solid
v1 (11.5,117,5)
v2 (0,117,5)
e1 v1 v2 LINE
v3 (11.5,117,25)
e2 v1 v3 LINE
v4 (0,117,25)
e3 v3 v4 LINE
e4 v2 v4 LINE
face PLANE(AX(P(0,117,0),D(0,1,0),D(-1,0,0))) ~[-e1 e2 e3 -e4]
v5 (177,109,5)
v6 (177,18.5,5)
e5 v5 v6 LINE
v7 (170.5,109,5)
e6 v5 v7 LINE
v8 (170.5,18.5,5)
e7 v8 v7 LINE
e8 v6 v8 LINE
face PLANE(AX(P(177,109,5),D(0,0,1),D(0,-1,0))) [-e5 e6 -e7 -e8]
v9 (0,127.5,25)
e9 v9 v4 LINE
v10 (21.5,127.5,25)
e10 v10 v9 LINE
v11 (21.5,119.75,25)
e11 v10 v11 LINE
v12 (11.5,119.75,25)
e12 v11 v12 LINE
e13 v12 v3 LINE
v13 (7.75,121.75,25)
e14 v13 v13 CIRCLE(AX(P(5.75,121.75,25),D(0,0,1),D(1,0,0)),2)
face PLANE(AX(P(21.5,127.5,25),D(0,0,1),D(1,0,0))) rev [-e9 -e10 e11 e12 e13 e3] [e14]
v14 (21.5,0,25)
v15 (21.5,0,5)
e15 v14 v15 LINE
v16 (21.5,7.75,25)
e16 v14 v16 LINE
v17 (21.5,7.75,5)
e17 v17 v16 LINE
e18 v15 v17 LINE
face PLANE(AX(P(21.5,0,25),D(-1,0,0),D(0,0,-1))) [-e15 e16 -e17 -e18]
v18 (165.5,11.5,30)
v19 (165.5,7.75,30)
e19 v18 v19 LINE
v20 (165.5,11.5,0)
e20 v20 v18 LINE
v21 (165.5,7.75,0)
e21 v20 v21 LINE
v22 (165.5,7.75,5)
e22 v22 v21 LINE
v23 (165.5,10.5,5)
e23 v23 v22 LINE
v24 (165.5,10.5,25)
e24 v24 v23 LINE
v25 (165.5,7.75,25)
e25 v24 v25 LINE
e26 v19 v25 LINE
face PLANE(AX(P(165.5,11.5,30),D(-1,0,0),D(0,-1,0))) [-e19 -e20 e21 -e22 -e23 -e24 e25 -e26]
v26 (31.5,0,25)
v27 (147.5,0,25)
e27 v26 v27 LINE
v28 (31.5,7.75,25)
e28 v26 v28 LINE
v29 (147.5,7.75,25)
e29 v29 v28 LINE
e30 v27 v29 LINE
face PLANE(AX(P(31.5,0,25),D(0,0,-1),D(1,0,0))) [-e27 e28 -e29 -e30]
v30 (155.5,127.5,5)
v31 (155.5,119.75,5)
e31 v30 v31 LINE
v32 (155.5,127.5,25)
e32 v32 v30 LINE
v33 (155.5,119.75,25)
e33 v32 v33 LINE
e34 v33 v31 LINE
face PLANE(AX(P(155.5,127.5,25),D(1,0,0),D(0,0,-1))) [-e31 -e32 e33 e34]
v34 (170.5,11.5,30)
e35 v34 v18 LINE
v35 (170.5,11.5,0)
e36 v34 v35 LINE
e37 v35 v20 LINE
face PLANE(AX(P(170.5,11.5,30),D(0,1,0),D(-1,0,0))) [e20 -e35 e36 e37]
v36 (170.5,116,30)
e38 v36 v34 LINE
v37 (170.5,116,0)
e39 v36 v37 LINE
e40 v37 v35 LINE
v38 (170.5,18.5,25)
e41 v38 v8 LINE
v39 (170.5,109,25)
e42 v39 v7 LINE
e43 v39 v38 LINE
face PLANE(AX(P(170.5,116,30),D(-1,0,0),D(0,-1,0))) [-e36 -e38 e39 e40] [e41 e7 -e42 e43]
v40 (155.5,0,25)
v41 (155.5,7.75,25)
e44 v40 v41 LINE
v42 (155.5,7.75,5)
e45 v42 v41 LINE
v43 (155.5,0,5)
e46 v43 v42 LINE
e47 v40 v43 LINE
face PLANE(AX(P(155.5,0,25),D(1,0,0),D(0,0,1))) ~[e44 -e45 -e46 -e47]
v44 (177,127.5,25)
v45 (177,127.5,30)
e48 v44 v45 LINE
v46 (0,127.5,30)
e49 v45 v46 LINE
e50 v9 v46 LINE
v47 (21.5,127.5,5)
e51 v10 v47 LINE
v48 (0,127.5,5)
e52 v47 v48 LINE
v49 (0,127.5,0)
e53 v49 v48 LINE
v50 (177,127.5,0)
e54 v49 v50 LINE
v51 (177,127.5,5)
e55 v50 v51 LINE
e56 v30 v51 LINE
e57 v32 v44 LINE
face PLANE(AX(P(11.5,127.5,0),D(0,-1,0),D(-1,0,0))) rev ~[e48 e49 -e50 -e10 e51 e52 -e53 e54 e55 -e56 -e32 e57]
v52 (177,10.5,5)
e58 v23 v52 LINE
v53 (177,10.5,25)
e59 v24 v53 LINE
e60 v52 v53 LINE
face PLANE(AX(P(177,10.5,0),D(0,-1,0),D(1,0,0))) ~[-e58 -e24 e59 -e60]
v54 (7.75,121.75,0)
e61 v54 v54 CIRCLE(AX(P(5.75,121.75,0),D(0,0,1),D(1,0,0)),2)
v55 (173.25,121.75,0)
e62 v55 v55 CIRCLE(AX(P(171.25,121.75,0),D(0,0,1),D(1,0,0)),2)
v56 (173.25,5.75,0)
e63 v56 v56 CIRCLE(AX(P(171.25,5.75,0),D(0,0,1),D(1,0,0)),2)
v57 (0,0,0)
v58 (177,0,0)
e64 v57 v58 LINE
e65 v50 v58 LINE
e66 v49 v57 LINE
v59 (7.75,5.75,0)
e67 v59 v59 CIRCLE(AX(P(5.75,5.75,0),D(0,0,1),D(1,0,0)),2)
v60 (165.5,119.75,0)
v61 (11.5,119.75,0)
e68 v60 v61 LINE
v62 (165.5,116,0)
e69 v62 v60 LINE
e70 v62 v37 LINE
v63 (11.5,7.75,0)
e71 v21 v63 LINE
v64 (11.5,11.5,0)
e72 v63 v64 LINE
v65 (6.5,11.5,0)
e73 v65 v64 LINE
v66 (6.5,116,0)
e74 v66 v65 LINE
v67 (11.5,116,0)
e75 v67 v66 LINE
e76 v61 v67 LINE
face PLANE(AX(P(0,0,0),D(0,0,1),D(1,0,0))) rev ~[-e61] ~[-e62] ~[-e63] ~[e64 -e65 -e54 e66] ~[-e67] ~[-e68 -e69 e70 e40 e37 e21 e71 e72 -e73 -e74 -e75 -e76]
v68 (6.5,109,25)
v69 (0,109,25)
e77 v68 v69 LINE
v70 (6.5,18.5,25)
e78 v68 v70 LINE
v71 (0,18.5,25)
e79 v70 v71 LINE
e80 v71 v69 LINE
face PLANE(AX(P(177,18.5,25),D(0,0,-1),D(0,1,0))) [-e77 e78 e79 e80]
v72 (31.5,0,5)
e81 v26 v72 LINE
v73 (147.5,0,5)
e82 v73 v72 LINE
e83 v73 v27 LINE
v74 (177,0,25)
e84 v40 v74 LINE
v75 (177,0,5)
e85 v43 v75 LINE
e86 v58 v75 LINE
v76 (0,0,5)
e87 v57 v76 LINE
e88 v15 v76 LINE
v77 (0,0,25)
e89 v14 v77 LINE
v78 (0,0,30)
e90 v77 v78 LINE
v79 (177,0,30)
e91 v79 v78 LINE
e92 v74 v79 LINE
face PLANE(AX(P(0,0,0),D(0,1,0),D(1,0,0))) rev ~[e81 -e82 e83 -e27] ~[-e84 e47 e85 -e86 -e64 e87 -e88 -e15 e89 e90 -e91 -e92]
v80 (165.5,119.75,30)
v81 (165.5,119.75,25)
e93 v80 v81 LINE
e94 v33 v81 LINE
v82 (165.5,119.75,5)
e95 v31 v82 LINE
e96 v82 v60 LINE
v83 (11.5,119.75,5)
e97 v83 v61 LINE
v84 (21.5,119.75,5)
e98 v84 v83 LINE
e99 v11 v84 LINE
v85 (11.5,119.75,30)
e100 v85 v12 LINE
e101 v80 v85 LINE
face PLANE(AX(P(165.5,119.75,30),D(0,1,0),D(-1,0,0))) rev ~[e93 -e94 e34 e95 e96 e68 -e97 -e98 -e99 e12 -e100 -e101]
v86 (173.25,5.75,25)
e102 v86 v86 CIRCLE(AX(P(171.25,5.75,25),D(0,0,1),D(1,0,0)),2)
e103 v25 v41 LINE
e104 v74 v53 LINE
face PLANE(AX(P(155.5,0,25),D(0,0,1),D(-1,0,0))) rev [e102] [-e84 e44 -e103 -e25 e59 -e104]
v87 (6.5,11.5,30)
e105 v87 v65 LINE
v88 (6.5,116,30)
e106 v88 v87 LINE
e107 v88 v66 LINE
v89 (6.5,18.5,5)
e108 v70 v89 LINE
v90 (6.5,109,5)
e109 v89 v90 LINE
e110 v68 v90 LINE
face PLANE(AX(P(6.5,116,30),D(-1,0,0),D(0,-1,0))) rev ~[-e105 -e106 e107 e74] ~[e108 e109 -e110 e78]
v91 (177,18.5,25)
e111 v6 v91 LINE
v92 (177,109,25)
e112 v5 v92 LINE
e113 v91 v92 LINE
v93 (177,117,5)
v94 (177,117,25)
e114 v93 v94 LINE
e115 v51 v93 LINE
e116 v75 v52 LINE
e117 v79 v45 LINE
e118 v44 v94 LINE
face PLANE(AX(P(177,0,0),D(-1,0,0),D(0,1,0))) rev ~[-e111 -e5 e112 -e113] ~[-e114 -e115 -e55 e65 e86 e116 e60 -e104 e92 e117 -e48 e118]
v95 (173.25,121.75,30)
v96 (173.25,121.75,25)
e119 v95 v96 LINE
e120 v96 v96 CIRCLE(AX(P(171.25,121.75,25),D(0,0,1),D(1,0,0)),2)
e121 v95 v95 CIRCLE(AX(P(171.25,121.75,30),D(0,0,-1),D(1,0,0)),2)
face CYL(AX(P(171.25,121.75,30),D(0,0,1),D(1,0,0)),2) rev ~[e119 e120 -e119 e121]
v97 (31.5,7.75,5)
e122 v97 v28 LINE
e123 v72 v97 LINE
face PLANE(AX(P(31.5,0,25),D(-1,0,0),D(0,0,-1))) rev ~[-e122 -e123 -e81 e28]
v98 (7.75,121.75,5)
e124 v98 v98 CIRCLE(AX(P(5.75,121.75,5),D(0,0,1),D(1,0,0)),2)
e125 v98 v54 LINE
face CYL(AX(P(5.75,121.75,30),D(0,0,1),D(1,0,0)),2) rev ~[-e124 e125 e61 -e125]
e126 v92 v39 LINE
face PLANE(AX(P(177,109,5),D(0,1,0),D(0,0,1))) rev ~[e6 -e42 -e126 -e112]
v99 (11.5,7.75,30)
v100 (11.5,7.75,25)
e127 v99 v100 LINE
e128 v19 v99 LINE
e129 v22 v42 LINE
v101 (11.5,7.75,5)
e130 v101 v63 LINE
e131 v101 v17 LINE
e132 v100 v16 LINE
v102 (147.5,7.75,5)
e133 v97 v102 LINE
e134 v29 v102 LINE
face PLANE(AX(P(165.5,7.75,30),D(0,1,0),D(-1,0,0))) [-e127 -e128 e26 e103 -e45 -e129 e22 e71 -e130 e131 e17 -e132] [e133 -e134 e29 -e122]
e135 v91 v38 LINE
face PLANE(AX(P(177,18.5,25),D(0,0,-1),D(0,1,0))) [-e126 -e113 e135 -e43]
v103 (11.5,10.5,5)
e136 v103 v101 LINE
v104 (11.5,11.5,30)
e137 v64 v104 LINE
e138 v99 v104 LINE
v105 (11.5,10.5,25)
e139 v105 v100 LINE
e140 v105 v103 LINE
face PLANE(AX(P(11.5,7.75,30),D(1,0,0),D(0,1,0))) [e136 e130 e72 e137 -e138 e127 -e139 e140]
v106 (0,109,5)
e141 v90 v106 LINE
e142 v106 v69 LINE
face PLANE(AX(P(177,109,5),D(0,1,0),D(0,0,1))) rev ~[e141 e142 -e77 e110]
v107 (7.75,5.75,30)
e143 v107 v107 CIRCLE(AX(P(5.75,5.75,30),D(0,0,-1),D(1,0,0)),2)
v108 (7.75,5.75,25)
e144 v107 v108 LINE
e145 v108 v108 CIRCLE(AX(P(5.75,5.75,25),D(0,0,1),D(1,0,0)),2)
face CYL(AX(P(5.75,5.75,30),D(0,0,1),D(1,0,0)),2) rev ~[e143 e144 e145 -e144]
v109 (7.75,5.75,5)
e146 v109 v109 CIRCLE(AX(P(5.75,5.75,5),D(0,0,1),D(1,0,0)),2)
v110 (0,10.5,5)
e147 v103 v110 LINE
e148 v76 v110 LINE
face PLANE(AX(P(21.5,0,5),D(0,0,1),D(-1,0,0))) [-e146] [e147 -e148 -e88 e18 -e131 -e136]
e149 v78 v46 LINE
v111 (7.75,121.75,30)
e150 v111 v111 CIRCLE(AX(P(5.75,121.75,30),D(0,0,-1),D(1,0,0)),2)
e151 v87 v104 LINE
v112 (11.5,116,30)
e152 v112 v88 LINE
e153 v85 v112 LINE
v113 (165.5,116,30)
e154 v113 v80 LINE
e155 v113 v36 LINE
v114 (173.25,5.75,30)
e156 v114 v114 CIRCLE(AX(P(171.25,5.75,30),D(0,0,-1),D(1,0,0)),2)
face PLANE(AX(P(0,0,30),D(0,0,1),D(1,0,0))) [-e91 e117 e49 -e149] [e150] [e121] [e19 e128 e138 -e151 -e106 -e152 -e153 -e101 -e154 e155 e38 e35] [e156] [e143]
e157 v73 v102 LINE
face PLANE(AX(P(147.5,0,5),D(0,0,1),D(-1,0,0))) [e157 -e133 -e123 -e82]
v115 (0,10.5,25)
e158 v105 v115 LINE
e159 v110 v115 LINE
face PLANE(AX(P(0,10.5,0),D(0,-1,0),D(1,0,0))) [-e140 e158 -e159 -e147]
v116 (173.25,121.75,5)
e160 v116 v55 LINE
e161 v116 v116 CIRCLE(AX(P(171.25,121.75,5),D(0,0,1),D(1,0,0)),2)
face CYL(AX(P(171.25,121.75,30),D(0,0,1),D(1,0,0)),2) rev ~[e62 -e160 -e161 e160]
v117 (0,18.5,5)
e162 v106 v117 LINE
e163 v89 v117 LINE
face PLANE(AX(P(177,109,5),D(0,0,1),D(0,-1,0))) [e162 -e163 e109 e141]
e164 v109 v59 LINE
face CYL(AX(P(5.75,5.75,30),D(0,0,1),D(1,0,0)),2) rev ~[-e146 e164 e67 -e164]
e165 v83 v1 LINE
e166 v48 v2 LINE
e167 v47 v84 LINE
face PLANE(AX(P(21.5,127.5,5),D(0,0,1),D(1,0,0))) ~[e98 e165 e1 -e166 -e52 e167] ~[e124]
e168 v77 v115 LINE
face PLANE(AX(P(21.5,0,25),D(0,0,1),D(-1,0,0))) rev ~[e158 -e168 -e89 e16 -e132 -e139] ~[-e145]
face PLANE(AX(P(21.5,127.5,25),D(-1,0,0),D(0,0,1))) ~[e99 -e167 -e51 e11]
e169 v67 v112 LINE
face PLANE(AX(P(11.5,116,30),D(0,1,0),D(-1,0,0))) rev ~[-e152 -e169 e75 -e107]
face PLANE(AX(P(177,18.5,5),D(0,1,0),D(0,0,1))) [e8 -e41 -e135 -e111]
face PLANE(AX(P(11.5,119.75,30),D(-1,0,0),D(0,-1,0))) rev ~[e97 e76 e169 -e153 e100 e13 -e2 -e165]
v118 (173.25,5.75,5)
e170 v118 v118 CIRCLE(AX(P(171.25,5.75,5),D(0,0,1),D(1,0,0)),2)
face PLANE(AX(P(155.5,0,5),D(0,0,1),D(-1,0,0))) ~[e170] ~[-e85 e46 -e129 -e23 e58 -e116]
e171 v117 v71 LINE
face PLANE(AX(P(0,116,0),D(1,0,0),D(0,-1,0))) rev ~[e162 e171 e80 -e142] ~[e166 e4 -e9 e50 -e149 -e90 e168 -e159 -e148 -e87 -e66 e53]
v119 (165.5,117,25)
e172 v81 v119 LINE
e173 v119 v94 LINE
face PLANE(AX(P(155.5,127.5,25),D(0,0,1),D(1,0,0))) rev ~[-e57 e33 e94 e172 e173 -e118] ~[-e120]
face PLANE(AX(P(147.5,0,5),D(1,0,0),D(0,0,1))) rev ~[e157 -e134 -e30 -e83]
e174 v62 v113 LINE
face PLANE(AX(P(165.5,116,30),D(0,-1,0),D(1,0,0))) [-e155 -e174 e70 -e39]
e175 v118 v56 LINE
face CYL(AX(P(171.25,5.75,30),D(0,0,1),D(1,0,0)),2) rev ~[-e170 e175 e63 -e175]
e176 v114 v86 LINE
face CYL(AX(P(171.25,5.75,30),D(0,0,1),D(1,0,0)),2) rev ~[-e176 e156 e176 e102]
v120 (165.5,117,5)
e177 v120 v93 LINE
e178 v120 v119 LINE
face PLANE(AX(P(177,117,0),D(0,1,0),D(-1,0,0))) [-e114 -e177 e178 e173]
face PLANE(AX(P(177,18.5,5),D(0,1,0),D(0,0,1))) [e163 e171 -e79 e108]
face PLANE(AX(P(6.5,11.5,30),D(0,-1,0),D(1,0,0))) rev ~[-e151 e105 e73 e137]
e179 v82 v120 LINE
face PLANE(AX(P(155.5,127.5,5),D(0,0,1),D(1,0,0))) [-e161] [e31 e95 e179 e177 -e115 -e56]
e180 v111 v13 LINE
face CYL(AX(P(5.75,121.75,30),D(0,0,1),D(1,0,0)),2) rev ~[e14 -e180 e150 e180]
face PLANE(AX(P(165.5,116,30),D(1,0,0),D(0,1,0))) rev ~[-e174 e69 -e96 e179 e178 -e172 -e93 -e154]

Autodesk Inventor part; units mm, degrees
ref_plane "YZ Plane" through (0, 0, 0) normal (1, 0, 0) x (0, 1, 0)
ref_plane "XZ Plane" through (0, 0, 0) normal (0, 1, 0) x (-1, 0, 0)
ref_plane "XY Plane" through (0, 0, 0) normal (0, 0, 1) x (1, 0, 0)
sketch "Boceto1" plane through (0, 0, 0) normal (0, 0, 1) x (1, 0, 0)
  line L0 (0, 0) -> (177, 0)
  line L1 (177, 0) -> (177, 127.5)
  line L2 (177, 127.5) -> (0, 127.5)
  line L3 (0, 127.5) -> (0, 0)
  line L4 (0, 127.5) -> (11.5, 127.5)
  line L5 (11.5, 127.5) -> (11.5, 116)
  line L6 (11.5, 116) -> (0, 116)
  line L7 (0, 116) -> (0, 127.5)
  line L8 (177, 0) -> (165.5, 0)
  line L9 (165.5, 0) -> (165.5, 11.5)
  line L10 (165.5, 11.5) -> (177, 11.5)
  line L11 (177, 11.5) -> (177, 0)
  line L12 (11.5, 116) -> (165.5, 116)
  line L13 (165.5, 116) -> (165.5, 11.5)
  line L14 (165.5, 11.5) -> (11.5, 11.5)
  line L15 (11.5, 11.5) -> (11.5, 116)
  dimension "d0" = 177
  dimension "d1" = 127.5
  dimension "d2" = 11.5
  dimension "d3" = 11.5
  dimension "d4" = 11.5
  dimension "d5" = 11.5
extrude "Extrusión1" add sketch "Boceto1" along normal blind 30 contours L3 L6 L15 L14 L9 L0 | L9 L10 L1 L0 | L3 L2 L5 L6 | L13 L12 L5 L2 L1 L10
sketch "Boceto2" plane through (0, 0, 30) normal (0, 0, 1) x (1, 0, 0)
  line L0 (11.5, 116) -> (6.5, 116)
  line L1 (6.5, 116) -> (6.5, 11.5)
  line L2 (6.5, 11.5) -> (11.5, 11.5)
  line L3 (11.5, 11.5) -> (11.5, 116)
  line L4 (165.5, 116) -> (170.5, 116)
  line L5 (170.5, 116) -> (170.5, 11.5)
  line L6 (170.5, 11.5) -> (165.5, 11.5)
  line L7 (165.5, 11.5) -> (165.5, 116)
  line L8 (11.5, 116) -> (165.5, 116)
  line L9 (165.5, 116) -> (165.5, 119.75)
  line L10 (165.5, 119.75) -> (11.5, 119.75)
  line L11 (11.5, 119.75) -> (11.5, 116)
  line L12 (11.5, 11.5) -> (165.5, 11.5)
  line L13 (165.5, 11.5) -> (165.5, 7.75)
  line L14 (165.5, 7.75) -> (11.5, 7.75)
  line L15 (11.5, 7.75) -> (11.5, 11.5)
  dimension "d30" = 5
  dimension "d31" = 5
  dimension "d32" = 104.5
  dimension "d33" = 3.75
  dimension "d34" = 3.75
extrude "Extrusión2" cut sketch "Boceto2" against normal blind 30 contours L3 L2 L1 L0 | L11 L10 L9 L8 | L12 L13 L14 L15 | L4 L5 L6 L7
sketch "Boceto3" plane through (0, 0, 30) normal (0, 0, 1) x (1, 0, 0)
  line L0 (177, 0) -> (171.25, 0)
  line L1 (171.25, 0) -> (171.25, 5.75)
  line L2 (171.25, 5.75) -> (177, 5.75)
  line L3 (177, 5.75) -> (177, 0)
  line L4 (0, 0) -> (5.75, 0)
  line L5 (5.75, 0) -> (5.75, 5.75)
  line L6 (5.75, 5.75) -> (0, 5.75)
  line L7 (0, 5.75) -> (0, 0)
  line L8 (0, 127.5) -> (5.75, 127.5)
  line L9 (5.75, 127.5) -> (5.75, 121.75)
  line L10 (5.75, 121.75) -> (0, 121.75)
  line L11 (0, 121.75) -> (0, 127.5)
  line L12 (177, 127.5) -> (171.25, 127.5)
  line L13 (171.25, 127.5) -> (171.25, 121.75)
  line L14 (171.25, 121.75) -> (177, 121.75)
  line L15 (177, 121.75) -> (177, 127.5)
  circle A0 centre (5.75, 121.75) radius 2
  circle A1 centre (171.25, 121.75) radius 2
  circle A2 centre (171.25, 5.75) radius 2
  circle A3 centre (5.75, 5.75) radius 2
  dimension "d16" = 5.75
  dimension "d17" = 5.75
  dimension "d18" = 5.75
  dimension "d19" = 5.75
  dimension "d20" = 5.75
  dimension "d21" = 5.75
  dimension "d22" = 5.75
  dimension "d23" = 5.75
  dimension "d24" = 4
  dimension "d25" = 4
  dimension "d26" = 4
  dimension "d27" = 4
extrude "Extrusión3" cut sketch "Boceto3" against normal blind 30 contours A2 L2 L1 | L1 L2 A2 | A3 L6 L5 | L5 L6 A3 | A0 L10 L9 | L9 L10 A0 | A1 L14 L13 | L13 L14 A1
sketch "Boceto4" plane through (0, 0, 0) normal (0, -1, 0) x (1, 0, 0)
  line L0 (0, 30) -> (21.5, 30)
  line L1 (21.5, 30) -> (21.5, 0)
  line L2 (21.5, 0) -> (0, 0)
  line L3 (0, 0) -> (0, 30)
  line L4 (0, 30) -> (177, 30) projected
  line L5 (177, 0) -> (155.5, 0)
  line L6 (155.5, 0) -> (155.5, 30)
  line L7 (155.5, 30) -> (177, 30)
  line L8 (177, 30) -> (177, 0)
  line L9 (0, 30) -> (21.5, 30)
  line L10 (21.5, 30) -> (21.5, 25)
  line L11 (21.5, 25) -> (0, 25)
  line L12 (0, 25) -> (0, 30)
  line L13 (0, 0) -> (21.5, 0)
  line L14 (21.5, 0) -> (21.5, 5)
  line L15 (21.5, 5) -> (0, 5)
  line L16 (0, 5) -> (0, 0)
  line L17 (0, 25) -> (21.5, 25)
  line L18 (21.5, 25) -> (21.5, 5)
  line L19 (21.5, 5) -> (0, 5)
  line L20 (0, 5) -> (0, 25)
  dimension "d35" = 21.5
  dimension "d36" = 21.5
  dimension "d37" = 5
  dimension "d38" = 5
extrude "Extrusión4" cut sketch "Boceto4" against normal blind 10.5 contours L11 L1 L15 L3
ref_plane "Plano de trabajo1" through (88.5, 0, 0) normal (-1, 0, 0) x (0, 0, 1)
ref_plane "Plano de trabajo2" through (11.5, 63.75, 30) normal (0, -1, 0) x (1, 0, 0)
mirror "Simetría1" about plane through (88.5, 0, 0) normal (-1, 0, 0) of "Extrusión4"
mirror "Simetría2" about plane through (11.5, 63.75, 30) normal (0, -1, 0) of "Extrusión4", "Simetría1"
sketch "Boceto5" plane through (0, 0, 0) normal (0, -1, 0) x (1, 0, 0)
  line L0 (21.5, 25) -> (155.5, 25)
  line L1 (155.5, 25) -> (155.5, 5)
  line L2 (155.5, 5) -> (21.5, 5)
  line L3 (21.5, 5) -> (21.5, 25)
  line L4 (21.5, 25) -> (31.5, 25)
  line L5 (31.5, 25) -> (31.5, 5)
  line L6 (31.5, 5) -> (21.5, 5)
  line L7 (21.5, 5) -> (21.5, 25)
  line L8 (155.5, 5) -> (147.5, 5)
  line L9 (147.5, 5) -> (147.5, 25)
  line L10 (147.5, 25) -> (155.5, 25)
  line L11 (155.5, 25) -> (155.5, 5)
  line L12 (31.5, 25) -> (147.5, 25)
  line L13 (147.5, 25) -> (147.5, 5)
  line L14 (147.5, 5) -> (31.5, 5)
  line L15 (31.5, 5) -> (31.5, 25)
  point P0 (0, 0)
  dimension "d41" = 10
  dimension "d42" = 8
extrude "Extrusión5" cut sketch "Boceto5" against normal blind 11.5 contours L0 L9 L2 L5
sketch "Boceto6" plane through (177, 0, 0) normal (1, 0, 0) x (0, 0, -1)
  line L0 (-25, 10.5) -> (-5, 10.5)
  line L1 (-5, 10.5) -> (-5, 18.5)
  line L2 (-5, 18.5) -> (-25, 18.5)
  line L3 (-25, 18.5) -> (-25, 10.5)
  line L4 (-25, 117) -> (-5, 117)
  line L5 (-5, 117) -> (-5, 109)
  line L6 (-5, 109) -> (-25, 109)
  line L7 (-25, 109) -> (-25, 117)
  line L8 (-25, 109) -> (-5, 109)
  line L9 (-5, 109) -> (-5, 18.5)
  line L10 (-5, 18.5) -> (-25, 18.5)
  line L11 (-25, 18.5) -> (-25, 109)
  point P0 (0, 0)
  dimension "d45" = 20
  dimension "d46" = 8
  dimension "d47" = 20
  dimension "d48" = 8
extrude "Extrusión6" cut sketch "Boceto6" against normal blind 200 contours L11 L6 L9 L2
properties part number "transillum_diffusor_partD2_v1"
